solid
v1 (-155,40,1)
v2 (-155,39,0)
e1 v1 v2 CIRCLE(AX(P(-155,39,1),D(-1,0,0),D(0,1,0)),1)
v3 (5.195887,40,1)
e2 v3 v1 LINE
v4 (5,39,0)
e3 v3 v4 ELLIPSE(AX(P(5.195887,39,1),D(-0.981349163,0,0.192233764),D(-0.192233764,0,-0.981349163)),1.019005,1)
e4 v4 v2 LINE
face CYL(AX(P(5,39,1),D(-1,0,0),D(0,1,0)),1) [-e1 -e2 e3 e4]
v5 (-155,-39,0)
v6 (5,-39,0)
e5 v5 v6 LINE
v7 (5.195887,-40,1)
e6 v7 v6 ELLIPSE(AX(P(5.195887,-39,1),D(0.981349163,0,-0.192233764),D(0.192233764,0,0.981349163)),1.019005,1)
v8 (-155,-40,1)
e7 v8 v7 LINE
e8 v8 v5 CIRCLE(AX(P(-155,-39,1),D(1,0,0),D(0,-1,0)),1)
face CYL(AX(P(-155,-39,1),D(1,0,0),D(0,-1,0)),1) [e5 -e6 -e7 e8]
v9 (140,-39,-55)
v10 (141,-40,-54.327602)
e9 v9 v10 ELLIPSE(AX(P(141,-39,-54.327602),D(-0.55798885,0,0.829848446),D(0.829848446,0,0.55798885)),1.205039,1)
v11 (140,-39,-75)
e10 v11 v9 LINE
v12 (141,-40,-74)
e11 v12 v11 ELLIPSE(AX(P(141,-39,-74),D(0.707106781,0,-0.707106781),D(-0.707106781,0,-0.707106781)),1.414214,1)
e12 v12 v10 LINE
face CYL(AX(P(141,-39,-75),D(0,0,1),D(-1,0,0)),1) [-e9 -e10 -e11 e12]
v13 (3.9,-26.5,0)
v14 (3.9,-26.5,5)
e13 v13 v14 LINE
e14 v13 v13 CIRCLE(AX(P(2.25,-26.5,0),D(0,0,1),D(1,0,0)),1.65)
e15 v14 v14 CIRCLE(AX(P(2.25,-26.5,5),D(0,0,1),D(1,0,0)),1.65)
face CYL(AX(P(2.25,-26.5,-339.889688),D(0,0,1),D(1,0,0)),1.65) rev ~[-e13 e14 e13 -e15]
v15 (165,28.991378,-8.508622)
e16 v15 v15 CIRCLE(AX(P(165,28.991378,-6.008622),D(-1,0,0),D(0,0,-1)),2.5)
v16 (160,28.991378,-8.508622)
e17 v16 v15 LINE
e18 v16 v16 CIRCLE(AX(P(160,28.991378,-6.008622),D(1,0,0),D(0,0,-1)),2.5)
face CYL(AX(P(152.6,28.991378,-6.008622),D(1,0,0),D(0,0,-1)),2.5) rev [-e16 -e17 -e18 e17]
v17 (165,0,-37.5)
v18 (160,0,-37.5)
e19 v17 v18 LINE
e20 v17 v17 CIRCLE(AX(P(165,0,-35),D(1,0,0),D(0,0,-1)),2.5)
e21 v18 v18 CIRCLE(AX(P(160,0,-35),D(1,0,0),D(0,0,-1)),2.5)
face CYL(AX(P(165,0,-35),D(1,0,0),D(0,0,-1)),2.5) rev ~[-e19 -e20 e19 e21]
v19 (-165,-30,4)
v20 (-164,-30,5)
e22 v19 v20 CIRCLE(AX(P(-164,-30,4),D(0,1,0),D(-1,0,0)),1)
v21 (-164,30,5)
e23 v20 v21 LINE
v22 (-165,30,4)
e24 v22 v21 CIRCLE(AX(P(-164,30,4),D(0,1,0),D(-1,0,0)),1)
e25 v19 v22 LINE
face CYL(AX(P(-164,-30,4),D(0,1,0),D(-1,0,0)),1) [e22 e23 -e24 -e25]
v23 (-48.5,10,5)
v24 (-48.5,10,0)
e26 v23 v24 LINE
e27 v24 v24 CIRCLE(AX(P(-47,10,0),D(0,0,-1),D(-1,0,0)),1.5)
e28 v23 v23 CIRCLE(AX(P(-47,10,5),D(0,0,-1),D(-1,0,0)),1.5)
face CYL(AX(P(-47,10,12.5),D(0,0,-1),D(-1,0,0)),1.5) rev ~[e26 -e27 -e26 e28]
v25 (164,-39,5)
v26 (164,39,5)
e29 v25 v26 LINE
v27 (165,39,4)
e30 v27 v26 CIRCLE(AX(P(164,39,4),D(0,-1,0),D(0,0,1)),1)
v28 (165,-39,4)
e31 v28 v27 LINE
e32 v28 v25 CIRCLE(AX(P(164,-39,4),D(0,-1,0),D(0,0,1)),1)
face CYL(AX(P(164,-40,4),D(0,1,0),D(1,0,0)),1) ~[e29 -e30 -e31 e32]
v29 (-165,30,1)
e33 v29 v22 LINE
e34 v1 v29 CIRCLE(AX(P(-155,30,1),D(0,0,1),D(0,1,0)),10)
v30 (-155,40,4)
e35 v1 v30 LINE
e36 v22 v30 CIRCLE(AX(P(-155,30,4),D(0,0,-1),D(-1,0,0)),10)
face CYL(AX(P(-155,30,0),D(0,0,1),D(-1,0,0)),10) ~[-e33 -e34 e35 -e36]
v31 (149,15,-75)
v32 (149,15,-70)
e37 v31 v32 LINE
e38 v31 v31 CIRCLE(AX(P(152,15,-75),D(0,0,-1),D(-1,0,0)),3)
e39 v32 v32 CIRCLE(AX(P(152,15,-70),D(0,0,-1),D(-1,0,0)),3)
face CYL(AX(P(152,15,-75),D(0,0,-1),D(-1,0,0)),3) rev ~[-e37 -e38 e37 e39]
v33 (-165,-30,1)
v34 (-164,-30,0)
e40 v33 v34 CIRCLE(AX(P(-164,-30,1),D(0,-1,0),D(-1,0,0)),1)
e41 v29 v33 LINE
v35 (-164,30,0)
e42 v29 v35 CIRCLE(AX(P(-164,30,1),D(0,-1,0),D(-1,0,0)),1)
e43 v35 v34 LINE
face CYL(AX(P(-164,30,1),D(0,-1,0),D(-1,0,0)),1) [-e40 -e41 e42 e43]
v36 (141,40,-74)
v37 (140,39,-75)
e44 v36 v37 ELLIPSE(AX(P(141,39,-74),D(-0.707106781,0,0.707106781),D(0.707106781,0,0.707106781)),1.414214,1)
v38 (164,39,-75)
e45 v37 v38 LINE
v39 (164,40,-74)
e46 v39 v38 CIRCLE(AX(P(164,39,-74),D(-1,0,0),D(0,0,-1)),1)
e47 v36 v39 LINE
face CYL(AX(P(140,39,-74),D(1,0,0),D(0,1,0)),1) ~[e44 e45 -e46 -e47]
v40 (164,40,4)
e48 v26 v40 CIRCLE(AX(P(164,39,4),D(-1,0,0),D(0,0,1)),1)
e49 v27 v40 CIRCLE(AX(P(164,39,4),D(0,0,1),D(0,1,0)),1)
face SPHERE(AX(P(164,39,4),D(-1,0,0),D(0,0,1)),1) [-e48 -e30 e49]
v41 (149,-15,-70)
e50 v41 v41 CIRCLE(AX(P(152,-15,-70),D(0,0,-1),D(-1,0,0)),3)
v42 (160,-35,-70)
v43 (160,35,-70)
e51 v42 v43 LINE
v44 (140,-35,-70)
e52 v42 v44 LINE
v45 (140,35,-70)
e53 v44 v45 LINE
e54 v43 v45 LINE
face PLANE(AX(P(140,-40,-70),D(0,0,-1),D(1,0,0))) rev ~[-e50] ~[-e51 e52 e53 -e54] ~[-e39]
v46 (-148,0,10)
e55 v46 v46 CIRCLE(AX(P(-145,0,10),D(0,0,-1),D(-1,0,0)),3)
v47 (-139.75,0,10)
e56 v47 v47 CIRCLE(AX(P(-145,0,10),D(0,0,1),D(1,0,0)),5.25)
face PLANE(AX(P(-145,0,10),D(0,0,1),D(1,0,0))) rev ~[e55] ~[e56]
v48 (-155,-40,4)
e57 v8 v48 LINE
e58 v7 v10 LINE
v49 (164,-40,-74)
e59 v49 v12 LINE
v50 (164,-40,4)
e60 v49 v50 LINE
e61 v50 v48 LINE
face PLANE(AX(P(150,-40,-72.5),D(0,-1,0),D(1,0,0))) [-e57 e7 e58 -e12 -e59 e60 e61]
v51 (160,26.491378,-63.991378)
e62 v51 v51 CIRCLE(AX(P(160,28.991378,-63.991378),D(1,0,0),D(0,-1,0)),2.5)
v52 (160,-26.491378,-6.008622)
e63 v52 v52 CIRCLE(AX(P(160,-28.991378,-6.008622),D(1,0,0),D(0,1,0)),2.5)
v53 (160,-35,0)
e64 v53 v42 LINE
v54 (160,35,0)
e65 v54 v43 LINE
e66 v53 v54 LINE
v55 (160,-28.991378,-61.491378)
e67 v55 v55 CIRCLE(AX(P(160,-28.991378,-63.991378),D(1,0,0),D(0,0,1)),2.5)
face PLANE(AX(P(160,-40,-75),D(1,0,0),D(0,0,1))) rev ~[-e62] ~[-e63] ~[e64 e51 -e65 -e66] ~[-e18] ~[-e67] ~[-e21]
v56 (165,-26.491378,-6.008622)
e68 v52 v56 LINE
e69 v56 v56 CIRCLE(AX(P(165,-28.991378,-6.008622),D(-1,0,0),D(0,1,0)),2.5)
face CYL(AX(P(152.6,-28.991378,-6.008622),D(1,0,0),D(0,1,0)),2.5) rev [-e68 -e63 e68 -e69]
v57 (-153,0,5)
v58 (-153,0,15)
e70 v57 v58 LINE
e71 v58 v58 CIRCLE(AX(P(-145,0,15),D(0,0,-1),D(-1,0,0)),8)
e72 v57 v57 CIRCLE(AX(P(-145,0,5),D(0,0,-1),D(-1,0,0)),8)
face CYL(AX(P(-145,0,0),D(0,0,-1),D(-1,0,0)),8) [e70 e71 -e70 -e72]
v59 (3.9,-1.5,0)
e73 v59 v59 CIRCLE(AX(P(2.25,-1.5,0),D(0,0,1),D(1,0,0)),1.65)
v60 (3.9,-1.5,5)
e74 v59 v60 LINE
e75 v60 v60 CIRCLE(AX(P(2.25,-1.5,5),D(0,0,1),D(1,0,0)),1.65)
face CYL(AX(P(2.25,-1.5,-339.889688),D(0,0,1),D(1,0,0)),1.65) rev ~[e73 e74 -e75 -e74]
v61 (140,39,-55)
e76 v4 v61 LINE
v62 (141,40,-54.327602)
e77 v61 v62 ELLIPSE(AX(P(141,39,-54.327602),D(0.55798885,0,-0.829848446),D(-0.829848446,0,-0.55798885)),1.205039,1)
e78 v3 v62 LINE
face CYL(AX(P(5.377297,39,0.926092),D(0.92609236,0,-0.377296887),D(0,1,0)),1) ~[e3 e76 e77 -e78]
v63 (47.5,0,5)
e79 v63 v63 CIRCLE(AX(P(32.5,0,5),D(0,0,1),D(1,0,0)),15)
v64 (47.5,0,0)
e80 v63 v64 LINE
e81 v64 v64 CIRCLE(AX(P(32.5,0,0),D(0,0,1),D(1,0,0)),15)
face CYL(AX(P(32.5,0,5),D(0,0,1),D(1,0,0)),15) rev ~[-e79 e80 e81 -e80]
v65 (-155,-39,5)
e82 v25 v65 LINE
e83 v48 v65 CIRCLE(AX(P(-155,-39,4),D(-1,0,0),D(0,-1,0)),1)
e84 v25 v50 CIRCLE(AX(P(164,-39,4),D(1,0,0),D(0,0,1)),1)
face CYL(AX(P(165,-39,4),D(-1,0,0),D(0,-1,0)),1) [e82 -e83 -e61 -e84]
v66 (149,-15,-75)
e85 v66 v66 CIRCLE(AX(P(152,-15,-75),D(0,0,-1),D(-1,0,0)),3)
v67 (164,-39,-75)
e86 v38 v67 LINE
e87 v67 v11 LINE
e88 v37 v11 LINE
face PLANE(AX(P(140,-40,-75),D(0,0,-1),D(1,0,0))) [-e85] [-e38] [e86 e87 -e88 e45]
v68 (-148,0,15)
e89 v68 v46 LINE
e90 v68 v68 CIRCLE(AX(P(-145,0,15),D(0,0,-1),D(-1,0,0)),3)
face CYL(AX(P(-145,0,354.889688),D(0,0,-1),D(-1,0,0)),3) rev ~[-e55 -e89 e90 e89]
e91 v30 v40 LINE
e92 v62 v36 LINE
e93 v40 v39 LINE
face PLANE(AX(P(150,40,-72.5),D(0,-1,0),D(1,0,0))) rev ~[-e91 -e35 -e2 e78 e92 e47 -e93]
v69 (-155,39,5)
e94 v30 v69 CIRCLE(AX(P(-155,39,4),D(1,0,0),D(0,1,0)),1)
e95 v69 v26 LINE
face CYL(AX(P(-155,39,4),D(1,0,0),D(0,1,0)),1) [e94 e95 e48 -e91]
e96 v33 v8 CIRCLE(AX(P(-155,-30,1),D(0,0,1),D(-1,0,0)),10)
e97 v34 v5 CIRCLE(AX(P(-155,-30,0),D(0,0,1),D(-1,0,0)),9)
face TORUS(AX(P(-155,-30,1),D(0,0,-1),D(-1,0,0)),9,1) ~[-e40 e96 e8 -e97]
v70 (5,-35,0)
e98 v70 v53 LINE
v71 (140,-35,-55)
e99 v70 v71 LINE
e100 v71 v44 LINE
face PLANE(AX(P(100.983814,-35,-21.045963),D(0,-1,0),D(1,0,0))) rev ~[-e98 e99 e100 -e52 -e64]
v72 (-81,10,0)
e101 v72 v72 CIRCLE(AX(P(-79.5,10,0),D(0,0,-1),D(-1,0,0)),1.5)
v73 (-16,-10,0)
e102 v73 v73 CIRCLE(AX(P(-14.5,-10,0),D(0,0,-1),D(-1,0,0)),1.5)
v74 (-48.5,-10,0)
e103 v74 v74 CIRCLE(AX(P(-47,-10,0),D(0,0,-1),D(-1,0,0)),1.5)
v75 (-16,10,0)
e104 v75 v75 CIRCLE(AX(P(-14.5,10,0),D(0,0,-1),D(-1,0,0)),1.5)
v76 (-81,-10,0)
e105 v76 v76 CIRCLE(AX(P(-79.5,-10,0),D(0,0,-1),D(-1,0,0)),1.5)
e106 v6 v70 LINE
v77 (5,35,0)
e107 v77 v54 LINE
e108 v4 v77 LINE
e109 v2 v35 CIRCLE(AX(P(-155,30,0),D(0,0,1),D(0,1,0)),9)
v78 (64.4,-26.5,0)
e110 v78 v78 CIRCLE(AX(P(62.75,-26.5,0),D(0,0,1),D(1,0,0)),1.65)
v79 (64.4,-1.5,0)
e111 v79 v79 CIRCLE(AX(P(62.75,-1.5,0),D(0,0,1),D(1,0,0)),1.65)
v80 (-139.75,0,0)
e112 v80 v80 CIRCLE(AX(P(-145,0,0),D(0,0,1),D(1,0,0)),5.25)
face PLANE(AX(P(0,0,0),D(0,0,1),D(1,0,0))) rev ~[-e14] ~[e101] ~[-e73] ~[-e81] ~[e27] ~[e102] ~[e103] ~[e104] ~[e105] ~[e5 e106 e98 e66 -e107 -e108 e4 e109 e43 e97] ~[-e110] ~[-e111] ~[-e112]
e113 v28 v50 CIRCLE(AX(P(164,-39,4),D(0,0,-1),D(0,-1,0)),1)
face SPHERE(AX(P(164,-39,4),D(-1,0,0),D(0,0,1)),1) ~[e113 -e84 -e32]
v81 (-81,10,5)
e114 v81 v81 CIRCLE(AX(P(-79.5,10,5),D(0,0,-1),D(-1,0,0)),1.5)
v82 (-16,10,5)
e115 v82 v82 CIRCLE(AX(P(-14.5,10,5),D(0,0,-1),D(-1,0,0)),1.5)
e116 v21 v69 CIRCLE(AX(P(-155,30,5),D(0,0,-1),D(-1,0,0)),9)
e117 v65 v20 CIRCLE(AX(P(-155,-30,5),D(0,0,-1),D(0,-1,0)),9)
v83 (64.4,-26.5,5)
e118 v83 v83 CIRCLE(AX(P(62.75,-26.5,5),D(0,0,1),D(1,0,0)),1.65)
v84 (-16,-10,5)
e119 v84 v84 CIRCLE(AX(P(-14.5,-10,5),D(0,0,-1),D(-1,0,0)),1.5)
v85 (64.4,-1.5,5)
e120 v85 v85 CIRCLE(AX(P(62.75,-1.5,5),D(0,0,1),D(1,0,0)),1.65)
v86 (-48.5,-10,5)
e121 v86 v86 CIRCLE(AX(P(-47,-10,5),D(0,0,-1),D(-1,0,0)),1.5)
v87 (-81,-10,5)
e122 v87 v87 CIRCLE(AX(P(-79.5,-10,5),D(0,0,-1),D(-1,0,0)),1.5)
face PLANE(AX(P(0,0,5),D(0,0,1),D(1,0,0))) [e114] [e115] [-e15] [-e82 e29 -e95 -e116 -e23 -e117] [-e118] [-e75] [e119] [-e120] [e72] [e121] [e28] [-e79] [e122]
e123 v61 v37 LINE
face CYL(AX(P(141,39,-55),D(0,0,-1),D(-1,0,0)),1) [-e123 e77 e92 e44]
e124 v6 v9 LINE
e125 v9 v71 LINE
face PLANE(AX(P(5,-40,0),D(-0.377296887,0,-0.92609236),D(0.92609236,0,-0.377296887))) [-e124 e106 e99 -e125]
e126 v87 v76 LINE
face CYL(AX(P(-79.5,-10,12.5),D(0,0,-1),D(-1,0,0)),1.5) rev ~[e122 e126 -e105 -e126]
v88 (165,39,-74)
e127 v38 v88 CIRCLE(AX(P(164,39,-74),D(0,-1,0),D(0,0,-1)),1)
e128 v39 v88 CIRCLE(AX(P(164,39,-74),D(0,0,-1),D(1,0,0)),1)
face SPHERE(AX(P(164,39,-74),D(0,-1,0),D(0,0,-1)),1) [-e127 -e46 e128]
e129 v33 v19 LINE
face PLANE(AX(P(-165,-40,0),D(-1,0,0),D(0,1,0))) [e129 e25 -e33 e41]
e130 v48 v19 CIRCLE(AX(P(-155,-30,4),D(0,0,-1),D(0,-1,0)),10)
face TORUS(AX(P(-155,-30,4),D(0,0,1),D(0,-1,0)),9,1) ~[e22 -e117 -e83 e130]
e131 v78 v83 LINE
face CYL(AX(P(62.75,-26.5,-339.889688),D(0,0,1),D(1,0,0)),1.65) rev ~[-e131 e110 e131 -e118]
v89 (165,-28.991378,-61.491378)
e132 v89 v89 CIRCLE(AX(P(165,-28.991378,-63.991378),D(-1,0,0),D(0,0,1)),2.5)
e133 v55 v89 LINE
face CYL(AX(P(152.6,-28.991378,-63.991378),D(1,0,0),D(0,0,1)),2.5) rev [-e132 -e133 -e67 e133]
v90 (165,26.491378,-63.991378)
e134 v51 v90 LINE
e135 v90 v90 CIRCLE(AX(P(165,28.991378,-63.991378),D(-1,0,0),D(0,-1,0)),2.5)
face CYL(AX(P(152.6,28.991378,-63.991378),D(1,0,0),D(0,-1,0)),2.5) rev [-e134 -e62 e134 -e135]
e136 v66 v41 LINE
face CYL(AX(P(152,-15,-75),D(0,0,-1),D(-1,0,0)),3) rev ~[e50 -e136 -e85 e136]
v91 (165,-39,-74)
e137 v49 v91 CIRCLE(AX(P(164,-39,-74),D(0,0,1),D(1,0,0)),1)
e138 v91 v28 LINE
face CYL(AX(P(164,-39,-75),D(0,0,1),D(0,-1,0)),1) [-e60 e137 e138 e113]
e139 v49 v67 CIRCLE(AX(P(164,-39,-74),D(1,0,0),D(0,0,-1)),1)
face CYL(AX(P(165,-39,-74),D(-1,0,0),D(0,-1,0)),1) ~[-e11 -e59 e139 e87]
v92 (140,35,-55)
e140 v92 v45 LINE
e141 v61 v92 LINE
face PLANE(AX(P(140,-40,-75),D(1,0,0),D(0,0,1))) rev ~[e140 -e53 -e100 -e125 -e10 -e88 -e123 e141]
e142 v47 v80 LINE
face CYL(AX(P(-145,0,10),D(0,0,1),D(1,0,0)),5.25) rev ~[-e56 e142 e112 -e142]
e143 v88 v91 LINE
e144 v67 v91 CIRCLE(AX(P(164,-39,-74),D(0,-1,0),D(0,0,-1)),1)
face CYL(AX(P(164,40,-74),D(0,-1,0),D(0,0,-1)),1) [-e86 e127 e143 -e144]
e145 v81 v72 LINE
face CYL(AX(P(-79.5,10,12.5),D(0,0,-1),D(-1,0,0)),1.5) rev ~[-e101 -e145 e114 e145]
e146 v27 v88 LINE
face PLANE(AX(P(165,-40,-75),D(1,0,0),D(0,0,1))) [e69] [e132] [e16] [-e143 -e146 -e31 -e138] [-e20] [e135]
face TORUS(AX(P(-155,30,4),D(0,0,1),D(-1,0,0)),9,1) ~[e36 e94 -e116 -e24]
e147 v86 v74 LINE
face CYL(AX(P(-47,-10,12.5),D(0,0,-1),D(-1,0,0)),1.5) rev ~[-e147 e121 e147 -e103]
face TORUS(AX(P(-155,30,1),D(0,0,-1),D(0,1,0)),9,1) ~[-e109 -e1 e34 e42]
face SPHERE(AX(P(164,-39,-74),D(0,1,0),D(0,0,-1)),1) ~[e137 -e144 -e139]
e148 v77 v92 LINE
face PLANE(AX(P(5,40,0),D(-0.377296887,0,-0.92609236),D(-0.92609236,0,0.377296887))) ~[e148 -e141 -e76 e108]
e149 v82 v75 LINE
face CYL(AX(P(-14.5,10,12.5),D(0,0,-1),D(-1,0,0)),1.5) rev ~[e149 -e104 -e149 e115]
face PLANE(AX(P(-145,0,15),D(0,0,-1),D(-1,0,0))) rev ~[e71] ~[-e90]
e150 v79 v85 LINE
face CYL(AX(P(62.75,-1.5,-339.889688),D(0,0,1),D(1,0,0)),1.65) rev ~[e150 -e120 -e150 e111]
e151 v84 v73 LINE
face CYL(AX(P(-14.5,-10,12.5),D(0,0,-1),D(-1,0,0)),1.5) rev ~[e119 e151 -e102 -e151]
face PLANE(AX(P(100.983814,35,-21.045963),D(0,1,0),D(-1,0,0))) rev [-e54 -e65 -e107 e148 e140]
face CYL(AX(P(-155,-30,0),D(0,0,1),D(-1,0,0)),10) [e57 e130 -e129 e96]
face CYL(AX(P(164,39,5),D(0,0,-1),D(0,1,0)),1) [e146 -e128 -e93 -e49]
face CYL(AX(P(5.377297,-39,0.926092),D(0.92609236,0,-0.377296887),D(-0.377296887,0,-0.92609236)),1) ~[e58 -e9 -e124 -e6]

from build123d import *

# Parameters (mm, degrees)
SKETCH_1_W               = 330
SKETCH_1_H               = 80
EXTRUDE_1_DEPTH          = 5
SKETCH_2_R               = 5
CUT_EXTRUDE_1_DEPTH      = 5
SKETCH_3_R               = 4
CUT_EXTRUDE_2_DEPTH      = 10
SKETCH_4_W               = 88
SKETCH_4_H               = 20
EXTRUDE_2_DEPTH          = 10
SKETCH_5_R               = 15
CUT_EXTRUDE_3_DEPTH      = 10
SKETCH_6_R               = 8
EXTRUDE_3_DEPTH          = 15
F_6_0MM_1_D              = 6
CUT_EXTRUDE_4_DEPTH      = 7
HOLE_WIZARD_M4_1_D       = 3.3
FILLET_1_R               = 10
SKETCH_13_R              = 6.969385005
EXTRUDE_5_DEPTH          = 5
SKETCH_14_W              = 5
SKETCH_14_H              = 75
EXTRUDE_6_DEPTH          = 80
SKETCH_15_W              = 20
SKETCH_15_H              = 5
EXTRUDE_7_DEPTH          = 80
EXTRUDE_8_DEPTH          = 5
SKETCH_17_R              = 3
CUT_EXTRUDE_5_DEPTH      = 5
FILLET_2_R               = 1
FILLET_3_R               = 1
CUT_EXTRUDE_6_DEPTH      = 100
F_3_0MM_1_D              = 3
F_3_0MM_1_DEPTH          = 7.5
F_3_0MM_1_TIP            = 0.901290929
SKETCH_21_R              = 2.5
CUT_EXTRUDE_7_DEPTH      = 10
PATTERN_CIRCULAR_1_COUNT = 4
CUT_EXTRUDE_START        = -5
SKETCH_25_R              = 5.25
CUT_EXTRUDE_8_DEPTH      = 86


with BuildPart() as part:
    # 草图1 → 凸台-拉伸1 (new body)
    with BuildSketch(Plane.XY):
        Rectangle(SKETCH_1_W, SKETCH_1_H)
    extrude(amount=EXTRUDE_1_DEPTH)

    # 草图2 → 切除-拉伸1 (cut)
    with BuildSketch(Plane.XY.offset(5)):
        with Locations((-145, 0)):
            Circle(SKETCH_2_R)
    extrude(amount=-CUT_EXTRUDE_1_DEPTH, mode=Mode.SUBTRACT)

    # 草图3 → 切除-拉伸2 (cut)
    with BuildSketch(Plane.XY.offset(5)):
        with Locations((-45, 0)):
            Circle(SKETCH_3_R)
    extrude(amount=-CUT_EXTRUDE_2_DEPTH, mode=Mode.SUBTRACT)

    # 草图4 → 凸台-拉伸2 (add)
    with BuildSketch(Plane.XY.offset(5)):
        with Locations((-47, 0)):
            Rectangle(SKETCH_4_W, SKETCH_4_H)
    extrude(amount=EXTRUDE_2_DEPTH)

    # 草图5 → 切除-拉伸3 (cut)
    with BuildSketch(Plane.XY.offset(5)):
        with Locations((32.5, 0)):
            Circle(SKETCH_5_R)
    extrude(amount=-CUT_EXTRUDE_3_DEPTH, mode=Mode.SUBTRACT)

    # 草图6 → 凸台-拉伸3 (add)
    with BuildSketch(Plane(origin=(0, 0, 0), x_dir=(-1, 0, 0), z_dir=(0, 0, -1))):
        with Locations((145, 0)):
            Circle(SKETCH_6_R)
    extrude(amount=-EXTRUDE_3_DEPTH)

    # Ø6.0mm 暗销孔1 (through all)
    with Locations(Plane.XY.offset(15)):
        with Locations((-145, 0)):
            Hole(F_6_0MM_1_D / 2)

    # 草图10 → 切除-拉伸4 (cut)
    with BuildSketch(Plane.XY.offset(15)):
        with BuildLine():
            Line((-91, 5.1), (-3, 5.1))
            ThreePointArc((-3, 5.1), (2.1, 0), (-3, -5.1))
            Line((-3, -5.1), (-91, -5.1))
            ThreePointArc((-91, -5.1), (-96.1, 0), (-91, 5.1))
        make_face()
    extrude(amount=-CUT_EXTRUDE_4_DEPTH, mode=Mode.SUBTRACT)

    # M4 螺纹孔1 (through all)
    with Locations(Plane(origin=(0, 0, 0), x_dir=(-1, 0, 0), z_dir=(0, 0, -1))):
        with Locations((-2.25, -26.5), (-2.25, -1.5), (-62.75, -26.5), (-62.75, -1.5)):
            Hole(HOLE_WIZARD_M4_1_D / 2)

    # 圆角1
    fillet_1_edges = [part.edges().sort_by_distance(p)[0] for p in [
        (-165, 40, 2.5),
        (-165, -40, 2.5),
    ]]
    fillet(fillet_1_edges, radius=FILLET_1_R)

    # 草图13 → 凸台-拉伸5 (add)
    with BuildSketch(Plane.XY.offset(5)):
        with Locations((-45, 0)):
            Circle(SKETCH_13_R)
    extrude(amount=-EXTRUDE_5_DEPTH)

    # 草图14 → 凸台-拉伸6 (add)
    with BuildSketch(Plane.XZ.offset(40)):
        with Locations((162.5, -37.5)):
            Rectangle(SKETCH_14_W, SKETCH_14_H)
    extrude(amount=-EXTRUDE_6_DEPTH)

    # 草图15 → 凸台-拉伸7 (add)
    with BuildSketch(Plane.XZ.offset(40)):
        with Locations((150, -72.5)):
            Rectangle(SKETCH_15_W, SKETCH_15_H)
    extrude(amount=-EXTRUDE_7_DEPTH)

    # 草图16 → 凸台-拉伸8 (add)
    with BuildSketch(Plane.XZ.offset(40)):
        Polygon((5, 5), (5, 0), (140, -55), (140, -75), (165, -75), (165, 5), align=None)
    extrude_8 = extrude(amount=-EXTRUDE_8_DEPTH)

    # 镜向1: 凸台-拉伸8 across plane
    add(extrude_8.mirror(Plane.ZX))

    # 草图17 → 切除-拉伸5 (cut)
    with BuildSketch(Plane(origin=(0, 0, -75), x_dir=(-1, 0, 0), z_dir=(0, 0, -1))):
        with Locations((-152, -15)):
            Circle(SKETCH_17_R)
        with Locations((-152, 15)):
            Circle(SKETCH_17_R)
    extrude(amount=-CUT_EXTRUDE_5_DEPTH, mode=Mode.SUBTRACT)

    # 圆角2
    fillet_2_edges = [part.edges().sort_by_distance(p)[0] for p in [
        (-75, -40, 0),
        (5, -40, 5),
        (-165, 0, 0),
        (-162.071067812, 37.071067812, 0),
        (-162.071067812, -37.071067812, 0),
        (-165, 0, 5),
        (-162.071067812, 37.071067812, 5),
        (-162.071067812, -37.071067812, 5),
        (165, 0, -75),
        (165, 0, 5),
        (152.5, -40, -75),
        (152.5, 40, -75),
        (140, -40, -65),
        (140, 40, -65),
        (72.5, -40, -27.5),
        (5, 40, 5),
        (-75, 40, 0),
        (72.5, 40, -27.5),
        (165, 40, -35),
        (165, -40, -35),
    ]]
    fillet(fillet_2_edges, radius=FILLET_2_R)

    # 圆角3
    fillet_3_edges = [part.edges().sort_by_distance(p)[0] for p in [
        (-47, -10, 15),
        (-47, 10, 15),
        (-47, 5.1, 15),
        (-47, -5.1, 15),
    ]]
    fillet(fillet_3_edges, radius=FILLET_3_R)

    # 草图18 → 切除-拉伸6 (cut)
    with BuildSketch(Plane(origin=(-3, 0, 0), x_dir=(0, 0, -1), z_dir=(1, 0, 0))):
        with BuildLine():
            Line((-15, -6.1), (-15, -9))
            ThreePointArc((-15, -9), (-14.707106781, -9.707106781), (-14, -10))
            Line((-14, -10), (-5, -10))
            Line((-5, -10), (-5, 10))
            Line((-5, 10), (-14, 10))
            ThreePointArc((-14, 10), (-14.707106781, 9.707106781), (-15, 9))
            Line((-15, 9), (-15, 6.1))
            ThreePointArc((-15, 6.1), (-14.707106781, 5.392893219), (-14, 5.1))
            Line((-14, 5.1), (-8, 5.1))
            Line((-8, 5.1), (-8, -5.1))
            Line((-8, -5.1), (-14, -5.1))
            ThreePointArc((-14, -5.1), (-14.707106781, -5.392893219), (-15, -6.1))
        make_face()
    extrude(amount=-CUT_EXTRUDE_6_DEPTH, mode=Mode.SUBTRACT)

    # Ø3.0mm 暗销孔1
    with Locations(Plane.XY.offset(5)):
        with Locations((-14.5, -10), (-14.5, 10), (-47, 10), (-47, -10), (-79.5, -10), (-79.5, 10)):
            Hole(F_3_0MM_1_D / 2, depth=F_3_0MM_1_DEPTH)
            with Locations((0, 0, -(F_3_0MM_1_DEPTH + F_3_0MM_1_TIP / 2))):  # 118° drill point
                Cone(0, F_3_0MM_1_D / 2, F_3_0MM_1_TIP, mode=Mode.SUBTRACT)

    # 草图21 → 切除-拉伸7 (cut)
    with BuildSketch(Plane(origin=(165, 0, 0), x_dir=(0, 0, -1), z_dir=(1, 0, 0))):
        with Locations((35, 0)):
            Circle(SKETCH_21_R)
    extrude(amount=-CUT_EXTRUDE_7_DEPTH, mode=Mode.SUBTRACT)

    # 草图24 → Ø5.0mm 暗销孔1 (revolve, cut)
    with BuildSketch(Plane(origin=(165, 28.991378029, -6.008621971), x_dir=(0, 0, -1), z_dir=(0, 1, 0))):
        Polygon((0, 0), (0, 13.902151548), (2.5, 12.4), (2.5, 0), align=None)
    f_5_0mm_1 = revolve(axis=Axis((171.35, 28.991378029, -6.008621971), (-1, 0, 0)), mode=Mode.SUBTRACT)

    # 阵列(圆周)1: Ø5.0mm 暗销孔1 ×4 about axis
    pattern_circular_1_axis = Axis((0, 0, -35), (1, 0, 0))
    for i in range(1, PATTERN_CIRCULAR_1_COUNT):
        add(f_5_0mm_1.rotate(pattern_circular_1_axis, i * 360 / PATTERN_CIRCULAR_1_COUNT), mode=Mode.SUBTRACT)

    # 草图25 → 切除-拉伸8 (cut, through all)
    with BuildSketch(Plane.XY.offset(15).offset(CUT_EXTRUDE_START)):
        with Locations((-145, 0)):
            Circle(SKETCH_25_R)
    extrude(amount=-CUT_EXTRUDE_8_DEPTH, mode=Mode.SUBTRACT)


solid = part.part
